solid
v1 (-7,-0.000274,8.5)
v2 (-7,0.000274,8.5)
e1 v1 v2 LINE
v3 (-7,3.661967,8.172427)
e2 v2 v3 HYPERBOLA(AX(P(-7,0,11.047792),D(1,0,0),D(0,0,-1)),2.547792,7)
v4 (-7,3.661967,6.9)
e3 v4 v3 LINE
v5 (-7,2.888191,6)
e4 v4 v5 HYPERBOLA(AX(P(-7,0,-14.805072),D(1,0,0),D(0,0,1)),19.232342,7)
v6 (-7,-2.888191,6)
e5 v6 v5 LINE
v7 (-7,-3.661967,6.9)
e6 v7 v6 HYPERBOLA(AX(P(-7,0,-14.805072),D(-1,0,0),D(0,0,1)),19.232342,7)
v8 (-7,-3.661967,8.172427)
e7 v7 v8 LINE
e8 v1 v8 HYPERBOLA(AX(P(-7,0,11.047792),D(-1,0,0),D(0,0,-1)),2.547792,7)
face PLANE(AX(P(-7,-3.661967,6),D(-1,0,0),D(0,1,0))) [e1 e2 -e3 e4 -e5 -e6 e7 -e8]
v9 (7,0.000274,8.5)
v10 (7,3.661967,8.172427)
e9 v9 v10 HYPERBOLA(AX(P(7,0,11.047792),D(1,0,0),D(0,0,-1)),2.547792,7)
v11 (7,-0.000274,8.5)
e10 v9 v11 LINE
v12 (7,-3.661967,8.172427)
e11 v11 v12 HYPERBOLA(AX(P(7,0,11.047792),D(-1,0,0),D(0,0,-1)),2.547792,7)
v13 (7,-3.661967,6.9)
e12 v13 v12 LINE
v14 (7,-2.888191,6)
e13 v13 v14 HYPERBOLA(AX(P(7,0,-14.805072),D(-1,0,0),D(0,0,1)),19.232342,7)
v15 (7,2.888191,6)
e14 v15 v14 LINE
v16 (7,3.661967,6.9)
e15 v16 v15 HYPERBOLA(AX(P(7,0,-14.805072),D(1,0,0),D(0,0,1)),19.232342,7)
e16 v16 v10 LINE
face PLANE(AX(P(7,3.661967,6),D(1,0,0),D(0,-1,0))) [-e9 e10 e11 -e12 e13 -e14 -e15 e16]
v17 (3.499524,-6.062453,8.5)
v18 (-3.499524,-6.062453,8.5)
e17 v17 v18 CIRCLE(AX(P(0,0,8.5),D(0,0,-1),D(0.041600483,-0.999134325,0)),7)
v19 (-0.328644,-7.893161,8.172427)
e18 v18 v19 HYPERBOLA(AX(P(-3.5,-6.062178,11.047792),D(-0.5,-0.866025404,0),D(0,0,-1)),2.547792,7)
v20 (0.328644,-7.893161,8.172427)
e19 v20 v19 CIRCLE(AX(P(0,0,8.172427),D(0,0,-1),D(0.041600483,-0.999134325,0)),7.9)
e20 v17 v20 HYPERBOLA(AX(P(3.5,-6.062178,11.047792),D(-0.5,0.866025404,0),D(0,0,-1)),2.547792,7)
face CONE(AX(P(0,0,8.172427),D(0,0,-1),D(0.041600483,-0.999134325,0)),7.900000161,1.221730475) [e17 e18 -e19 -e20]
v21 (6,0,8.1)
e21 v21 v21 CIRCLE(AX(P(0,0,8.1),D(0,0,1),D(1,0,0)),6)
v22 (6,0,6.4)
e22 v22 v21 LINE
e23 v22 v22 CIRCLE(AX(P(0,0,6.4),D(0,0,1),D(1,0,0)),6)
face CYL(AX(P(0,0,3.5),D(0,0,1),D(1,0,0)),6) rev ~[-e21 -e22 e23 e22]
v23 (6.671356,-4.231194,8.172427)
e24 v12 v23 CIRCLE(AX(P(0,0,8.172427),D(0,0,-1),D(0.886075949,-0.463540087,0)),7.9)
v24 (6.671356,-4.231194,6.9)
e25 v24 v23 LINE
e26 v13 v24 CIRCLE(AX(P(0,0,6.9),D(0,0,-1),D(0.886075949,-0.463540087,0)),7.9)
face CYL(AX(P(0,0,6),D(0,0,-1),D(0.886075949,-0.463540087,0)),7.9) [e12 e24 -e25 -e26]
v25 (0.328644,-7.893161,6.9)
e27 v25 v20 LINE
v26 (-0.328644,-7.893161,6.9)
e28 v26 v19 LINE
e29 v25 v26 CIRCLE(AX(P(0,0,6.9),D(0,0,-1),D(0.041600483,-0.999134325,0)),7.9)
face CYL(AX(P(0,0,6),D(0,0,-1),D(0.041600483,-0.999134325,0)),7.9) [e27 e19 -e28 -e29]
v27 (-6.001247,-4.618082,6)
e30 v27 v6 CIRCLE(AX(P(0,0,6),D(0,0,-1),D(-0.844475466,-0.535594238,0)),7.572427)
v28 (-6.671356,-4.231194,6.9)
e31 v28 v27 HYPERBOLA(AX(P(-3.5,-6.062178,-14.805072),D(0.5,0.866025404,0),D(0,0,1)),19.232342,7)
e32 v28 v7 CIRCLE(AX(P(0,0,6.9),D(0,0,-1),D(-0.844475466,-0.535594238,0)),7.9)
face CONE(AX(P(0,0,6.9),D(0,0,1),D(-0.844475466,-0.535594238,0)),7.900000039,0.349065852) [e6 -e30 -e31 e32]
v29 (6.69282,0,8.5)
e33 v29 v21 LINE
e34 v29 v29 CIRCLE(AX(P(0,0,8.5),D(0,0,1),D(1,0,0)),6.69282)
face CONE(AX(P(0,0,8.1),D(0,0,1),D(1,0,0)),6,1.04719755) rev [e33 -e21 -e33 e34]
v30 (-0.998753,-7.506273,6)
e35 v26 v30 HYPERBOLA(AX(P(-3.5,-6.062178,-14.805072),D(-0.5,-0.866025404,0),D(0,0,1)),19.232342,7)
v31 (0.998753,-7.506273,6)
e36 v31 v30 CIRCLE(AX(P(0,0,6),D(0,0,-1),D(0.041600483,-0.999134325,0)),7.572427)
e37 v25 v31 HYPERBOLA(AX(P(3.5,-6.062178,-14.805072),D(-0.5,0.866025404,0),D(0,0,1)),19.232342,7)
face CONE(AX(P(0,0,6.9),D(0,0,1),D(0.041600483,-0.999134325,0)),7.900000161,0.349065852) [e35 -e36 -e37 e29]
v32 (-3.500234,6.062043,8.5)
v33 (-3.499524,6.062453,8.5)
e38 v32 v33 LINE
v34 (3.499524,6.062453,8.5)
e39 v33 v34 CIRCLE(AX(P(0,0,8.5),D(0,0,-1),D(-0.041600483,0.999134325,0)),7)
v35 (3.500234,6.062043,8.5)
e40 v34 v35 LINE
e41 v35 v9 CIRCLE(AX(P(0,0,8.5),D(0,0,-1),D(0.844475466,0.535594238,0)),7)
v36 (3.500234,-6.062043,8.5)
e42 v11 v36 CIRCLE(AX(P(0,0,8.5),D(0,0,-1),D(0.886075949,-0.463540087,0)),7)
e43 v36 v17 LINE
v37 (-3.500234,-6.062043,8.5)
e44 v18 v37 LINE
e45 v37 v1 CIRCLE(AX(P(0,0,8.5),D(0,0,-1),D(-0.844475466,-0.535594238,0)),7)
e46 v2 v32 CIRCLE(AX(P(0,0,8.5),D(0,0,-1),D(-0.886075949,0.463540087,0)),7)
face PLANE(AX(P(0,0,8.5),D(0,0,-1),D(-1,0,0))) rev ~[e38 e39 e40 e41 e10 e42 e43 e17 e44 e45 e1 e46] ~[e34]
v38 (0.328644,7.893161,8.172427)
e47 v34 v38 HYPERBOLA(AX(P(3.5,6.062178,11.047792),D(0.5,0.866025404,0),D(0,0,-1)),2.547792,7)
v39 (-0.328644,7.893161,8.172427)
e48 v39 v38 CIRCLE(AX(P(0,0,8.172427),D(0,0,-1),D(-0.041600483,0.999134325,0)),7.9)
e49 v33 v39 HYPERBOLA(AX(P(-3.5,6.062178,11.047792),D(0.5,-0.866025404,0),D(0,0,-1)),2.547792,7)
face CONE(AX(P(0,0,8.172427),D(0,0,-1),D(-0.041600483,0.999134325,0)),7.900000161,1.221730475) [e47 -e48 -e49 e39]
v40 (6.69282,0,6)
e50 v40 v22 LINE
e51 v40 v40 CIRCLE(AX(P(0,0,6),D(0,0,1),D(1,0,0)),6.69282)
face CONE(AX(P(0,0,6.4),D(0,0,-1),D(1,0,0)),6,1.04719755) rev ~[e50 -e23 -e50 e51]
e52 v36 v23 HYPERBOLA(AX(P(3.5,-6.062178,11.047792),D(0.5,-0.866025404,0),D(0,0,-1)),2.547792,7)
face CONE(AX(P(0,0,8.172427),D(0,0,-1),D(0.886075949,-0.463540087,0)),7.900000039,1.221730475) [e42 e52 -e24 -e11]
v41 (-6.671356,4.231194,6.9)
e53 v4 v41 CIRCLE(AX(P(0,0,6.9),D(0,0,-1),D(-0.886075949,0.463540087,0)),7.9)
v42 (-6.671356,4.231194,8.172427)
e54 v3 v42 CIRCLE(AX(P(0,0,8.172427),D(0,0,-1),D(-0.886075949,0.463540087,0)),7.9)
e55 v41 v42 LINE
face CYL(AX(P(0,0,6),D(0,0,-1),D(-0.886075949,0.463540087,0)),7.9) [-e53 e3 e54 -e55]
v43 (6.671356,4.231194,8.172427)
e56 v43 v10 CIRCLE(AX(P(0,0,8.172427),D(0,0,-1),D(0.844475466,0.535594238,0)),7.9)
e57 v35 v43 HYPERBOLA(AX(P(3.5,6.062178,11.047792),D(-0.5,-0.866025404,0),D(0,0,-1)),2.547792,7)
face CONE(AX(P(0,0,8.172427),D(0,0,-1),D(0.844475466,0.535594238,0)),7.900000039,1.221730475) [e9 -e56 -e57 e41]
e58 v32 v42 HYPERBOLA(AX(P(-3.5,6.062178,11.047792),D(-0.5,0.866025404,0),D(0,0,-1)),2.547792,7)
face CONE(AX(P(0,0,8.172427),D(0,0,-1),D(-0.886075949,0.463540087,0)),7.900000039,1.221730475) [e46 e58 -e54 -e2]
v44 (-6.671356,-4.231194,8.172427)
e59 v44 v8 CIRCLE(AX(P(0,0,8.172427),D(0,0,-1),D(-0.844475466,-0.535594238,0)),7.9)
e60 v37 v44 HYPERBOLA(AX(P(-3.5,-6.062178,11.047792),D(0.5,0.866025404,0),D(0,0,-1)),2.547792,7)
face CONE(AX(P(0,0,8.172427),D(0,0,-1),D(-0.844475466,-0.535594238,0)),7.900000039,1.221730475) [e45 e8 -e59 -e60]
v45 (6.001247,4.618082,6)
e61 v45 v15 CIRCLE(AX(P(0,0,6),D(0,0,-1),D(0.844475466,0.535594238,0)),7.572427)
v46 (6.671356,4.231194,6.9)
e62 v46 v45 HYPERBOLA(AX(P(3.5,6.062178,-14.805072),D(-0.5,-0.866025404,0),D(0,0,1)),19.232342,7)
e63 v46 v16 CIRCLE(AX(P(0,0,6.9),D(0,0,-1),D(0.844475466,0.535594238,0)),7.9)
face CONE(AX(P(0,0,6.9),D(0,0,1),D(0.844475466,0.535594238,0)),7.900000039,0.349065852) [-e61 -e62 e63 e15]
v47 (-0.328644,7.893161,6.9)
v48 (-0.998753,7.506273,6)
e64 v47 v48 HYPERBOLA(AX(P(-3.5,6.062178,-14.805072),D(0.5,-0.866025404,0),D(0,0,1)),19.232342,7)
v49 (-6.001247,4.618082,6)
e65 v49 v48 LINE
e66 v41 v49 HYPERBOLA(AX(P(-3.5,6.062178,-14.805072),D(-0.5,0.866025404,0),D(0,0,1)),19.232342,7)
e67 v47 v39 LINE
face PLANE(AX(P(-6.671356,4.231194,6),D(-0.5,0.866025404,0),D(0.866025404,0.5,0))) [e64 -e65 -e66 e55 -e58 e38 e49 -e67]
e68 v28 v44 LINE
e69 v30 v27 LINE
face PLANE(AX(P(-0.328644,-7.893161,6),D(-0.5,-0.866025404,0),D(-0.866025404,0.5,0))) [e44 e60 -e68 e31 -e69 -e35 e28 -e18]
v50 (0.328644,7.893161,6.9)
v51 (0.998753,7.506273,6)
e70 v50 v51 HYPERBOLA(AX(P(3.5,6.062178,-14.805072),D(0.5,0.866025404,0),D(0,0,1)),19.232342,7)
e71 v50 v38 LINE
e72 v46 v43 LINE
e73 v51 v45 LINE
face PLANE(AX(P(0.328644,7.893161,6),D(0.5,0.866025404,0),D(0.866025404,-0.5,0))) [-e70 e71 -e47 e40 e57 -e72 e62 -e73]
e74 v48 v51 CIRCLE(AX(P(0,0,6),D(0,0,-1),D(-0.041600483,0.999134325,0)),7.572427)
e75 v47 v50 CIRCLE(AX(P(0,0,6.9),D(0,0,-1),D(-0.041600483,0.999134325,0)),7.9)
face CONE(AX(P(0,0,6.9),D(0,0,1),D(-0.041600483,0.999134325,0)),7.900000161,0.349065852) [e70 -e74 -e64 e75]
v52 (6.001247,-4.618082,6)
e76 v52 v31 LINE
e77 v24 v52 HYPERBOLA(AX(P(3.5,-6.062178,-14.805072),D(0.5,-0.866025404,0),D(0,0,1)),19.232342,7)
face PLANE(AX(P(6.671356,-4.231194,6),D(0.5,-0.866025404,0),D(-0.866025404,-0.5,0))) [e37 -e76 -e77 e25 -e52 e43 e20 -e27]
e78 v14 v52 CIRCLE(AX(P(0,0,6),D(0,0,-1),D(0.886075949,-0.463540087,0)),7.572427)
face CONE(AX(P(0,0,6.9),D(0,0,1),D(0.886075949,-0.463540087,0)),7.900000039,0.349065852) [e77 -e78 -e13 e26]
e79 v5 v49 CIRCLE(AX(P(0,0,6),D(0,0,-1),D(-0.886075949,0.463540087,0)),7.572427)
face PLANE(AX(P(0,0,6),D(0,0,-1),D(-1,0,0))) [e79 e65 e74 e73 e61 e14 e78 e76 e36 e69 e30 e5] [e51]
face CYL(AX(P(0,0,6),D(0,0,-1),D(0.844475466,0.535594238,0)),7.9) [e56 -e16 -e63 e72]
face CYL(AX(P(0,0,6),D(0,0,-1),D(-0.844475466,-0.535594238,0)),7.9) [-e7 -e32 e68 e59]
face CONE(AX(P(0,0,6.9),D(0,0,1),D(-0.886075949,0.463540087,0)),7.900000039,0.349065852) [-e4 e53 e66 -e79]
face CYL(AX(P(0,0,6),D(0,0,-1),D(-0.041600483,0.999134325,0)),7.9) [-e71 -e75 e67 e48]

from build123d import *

# Parameters (mm, degrees)
BOSS_EXTRUDE1_DEPTH   = 2.5
HOLE1_D               = 12
HOLE1_DEPTH           = 2.5
CHAMFER1_SIZE         = 0.9
CHAMFER1_SIZE2        = 0.327573212
CHAMFER1_PART_2_SIZE  = 0.9
CHAMFER1_PART_2_SIZE2 = 0.327573212
CHAMFER1_PART_3_SIZE  = 0.9
CHAMFER1_PART_3_SIZE2 = 0.327573212
CHAMFER1_PART_4_SIZE  = 0.9
CHAMFER1_PART_4_SIZE2 = 0.327573212
CHAMFER1_PART_5_SIZE  = 0.9
CHAMFER1_PART_5_SIZE2 = 0.327573212
CHAMFER1_PART_6_SIZE  = 0.9
CHAMFER1_PART_6_SIZE2 = 0.327573212
CHAMFER1_PART_7_SIZE  = 0.9
CHAMFER1_PART_7_SIZE2 = 0.327573212
CHAMFER2_SIZE         = 0.692820323
CHAMFER2_SIZE2        = 0.400000001
CHAMFER3_SIZE         = 0.692820323
CHAMFER3_SIZE2        = 0.400000001


with BuildPart() as part:
    # Sketch1 → Boss-Extrude1 (new body)
    with BuildSketch(Plane(origin=(0, 0, 6), x_dir=(-1, 0, 0), z_dir=(0, 0, -1))):
        with BuildLine():
            Line((-7, 3.661966685), (-7, -3.661966685))
            ThreePointArc((-7, -3.661966685), (-6.84160069, -3.95), (-6.671356177, -4.231194484))
            Line((-6.671356177, -4.231194484), (-0.328643823, -7.893161169))
            ThreePointArc((-0.328643823, -7.893161169), (0, -7.9), (0.328643823, -7.893161169))
            Line((0.328643823, -7.893161169), (6.671356177, -4.231194484))
            ThreePointArc((6.671356177, -4.231194484), (6.84160069, -3.95), (7, -3.661966685))
            Line((7, -3.661966685), (7, 3.661966685))
            ThreePointArc((7, 3.661966685), (6.84160069, 3.95), (6.671356177, 4.231194484))
            Line((6.671356177, 4.231194484), (0.328643823, 7.893161169))
            ThreePointArc((0.328643823, 7.893161169), (0, 7.9), (-0.328643823, 7.893161169))
            Line((-0.328643823, 7.893161169), (-6.671356177, 4.231194484))
            ThreePointArc((-6.671356177, 4.231194484), (-6.84160069, 3.95), (-7, 3.661966685))
        make_face()
    extrude(amount=-BOSS_EXTRUDE1_DEPTH)

    # Hole1
    with Locations(Plane(origin=(0, 0, 6), x_dir=(-1, 0, 0), z_dir=(0, 0, -1))):
        with Locations((0, 0)):
            Hole(HOLE1_D / 2, depth=HOLE1_DEPTH)

    # Chamfer1
    chamfer1_edges = [part.edges().sort_by_distance(p)[0] for p in [
        (0, -7.9, 8.5),
        (-6.84160069, 3.95, 8.5),
        (6.84160069, 3.95, 8.5),
        (6.84160069, -3.95, 8.5),
        (0, 7.9, 8.5),
        (-6.84160069, -3.95, 8.5),
    ]]
    chamfer1_side = [part.faces().sort_by_distance(p)[0] for p in [
        (3.394449064, 5.879358243, 8.5),
    ]]
    chamfer(chamfer1_edges, length=CHAMFER1_SIZE, length2=CHAMFER1_SIZE2, reference=chamfer1_side[0])

    # Chamfer1 part 2
    chamfer1_part_2_edges = [part.edges().sort_by_distance(p)[0] for p in [
        (6.84160069, 3.95, 6),
    ]]
    chamfer1_part_2_side = [part.faces().sort_by_distance(p)[0] for p in [
        (6.84160069, 3.95, 7.25),
    ]]
    chamfer(chamfer1_part_2_edges, length=CHAMFER1_PART_2_SIZE, length2=CHAMFER1_PART_2_SIZE2, reference=chamfer1_part_2_side[0])

    # Chamfer1 part 3
    chamfer1_part_3_edges = [part.edges().sort_by_distance(p)[0] for p in [
        (0, 7.9, 6),
    ]]
    chamfer1_part_3_side = [part.faces().sort_by_distance(p)[0] for p in [
        (0, 7.9, 7.25),
    ]]
    chamfer(chamfer1_part_3_edges, length=CHAMFER1_PART_3_SIZE, length2=CHAMFER1_PART_3_SIZE2, reference=chamfer1_part_3_side[0])

    # Chamfer1 part 4
    chamfer1_part_4_edges = [part.edges().sort_by_distance(p)[0] for p in [
        (-6.84160069, 3.95, 6),
    ]]
    chamfer1_part_4_side = [part.faces().sort_by_distance(p)[0] for p in [
        (-6.84160069, 3.95, 7.25),
    ]]
    chamfer(chamfer1_part_4_edges, length=CHAMFER1_PART_4_SIZE, length2=CHAMFER1_PART_4_SIZE2, reference=chamfer1_part_4_side[0])

    # Chamfer1 part 5
    chamfer1_part_5_edges = [part.edges().sort_by_distance(p)[0] for p in [
        (-6.84160069, -3.95, 6),
    ]]
    chamfer1_part_5_side = [part.faces().sort_by_distance(p)[0] for p in [
        (-6.84160069, -3.95, 7.25),
    ]]
    chamfer(chamfer1_part_5_edges, length=CHAMFER1_PART_5_SIZE, length2=CHAMFER1_PART_5_SIZE2, reference=chamfer1_part_5_side[0])

    # Chamfer1 part 6
    chamfer1_part_6_edges = [part.edges().sort_by_distance(p)[0] for p in [
        (0, -7.9, 6),
    ]]
    chamfer1_part_6_side = [part.faces().sort_by_distance(p)[0] for p in [
        (0, -7.9, 7.25),
    ]]
    chamfer(chamfer1_part_6_edges, length=CHAMFER1_PART_6_SIZE, length2=CHAMFER1_PART_6_SIZE2, reference=chamfer1_part_6_side[0])

    # Chamfer1 part 7
    chamfer1_part_7_edges = [part.edges().sort_by_distance(p)[0] for p in [
        (6.84160069, -3.95, 6),
    ]]
    chamfer1_part_7_side = [part.faces().sort_by_distance(p)[0] for p in [
        (6.84160069, -3.95, 7.25),
    ]]
    chamfer(chamfer1_part_7_edges, length=CHAMFER1_PART_7_SIZE, length2=CHAMFER1_PART_7_SIZE2, reference=chamfer1_part_7_side[0])

    # Chamfer2
    chamfer2_edges = [part.edges().sort_by_distance(p)[0] for p in [
        (-6, 0, 6),
    ]]
    chamfer2_side = [part.faces().sort_by_distance(p)[0] for p in [
        (3.396877913, -5.883565133, 6),
    ]]
    chamfer(chamfer2_edges, length=CHAMFER2_SIZE, length2=CHAMFER2_SIZE2, reference=chamfer2_side[0])

    # Chamfer3
    chamfer3_edges = [part.edges().sort_by_distance(p)[0] for p in [
        (-6, 0, 8.5),
    ]]
    chamfer3_side = [part.faces().sort_by_distance(p)[0] for p in [
        (3.401005054, 5.890713542, 8.5),
    ]]
    chamfer(chamfer3_edges, length=CHAMFER3_SIZE, length2=CHAMFER3_SIZE2, reference=chamfer3_side[0])


solid = part.part
